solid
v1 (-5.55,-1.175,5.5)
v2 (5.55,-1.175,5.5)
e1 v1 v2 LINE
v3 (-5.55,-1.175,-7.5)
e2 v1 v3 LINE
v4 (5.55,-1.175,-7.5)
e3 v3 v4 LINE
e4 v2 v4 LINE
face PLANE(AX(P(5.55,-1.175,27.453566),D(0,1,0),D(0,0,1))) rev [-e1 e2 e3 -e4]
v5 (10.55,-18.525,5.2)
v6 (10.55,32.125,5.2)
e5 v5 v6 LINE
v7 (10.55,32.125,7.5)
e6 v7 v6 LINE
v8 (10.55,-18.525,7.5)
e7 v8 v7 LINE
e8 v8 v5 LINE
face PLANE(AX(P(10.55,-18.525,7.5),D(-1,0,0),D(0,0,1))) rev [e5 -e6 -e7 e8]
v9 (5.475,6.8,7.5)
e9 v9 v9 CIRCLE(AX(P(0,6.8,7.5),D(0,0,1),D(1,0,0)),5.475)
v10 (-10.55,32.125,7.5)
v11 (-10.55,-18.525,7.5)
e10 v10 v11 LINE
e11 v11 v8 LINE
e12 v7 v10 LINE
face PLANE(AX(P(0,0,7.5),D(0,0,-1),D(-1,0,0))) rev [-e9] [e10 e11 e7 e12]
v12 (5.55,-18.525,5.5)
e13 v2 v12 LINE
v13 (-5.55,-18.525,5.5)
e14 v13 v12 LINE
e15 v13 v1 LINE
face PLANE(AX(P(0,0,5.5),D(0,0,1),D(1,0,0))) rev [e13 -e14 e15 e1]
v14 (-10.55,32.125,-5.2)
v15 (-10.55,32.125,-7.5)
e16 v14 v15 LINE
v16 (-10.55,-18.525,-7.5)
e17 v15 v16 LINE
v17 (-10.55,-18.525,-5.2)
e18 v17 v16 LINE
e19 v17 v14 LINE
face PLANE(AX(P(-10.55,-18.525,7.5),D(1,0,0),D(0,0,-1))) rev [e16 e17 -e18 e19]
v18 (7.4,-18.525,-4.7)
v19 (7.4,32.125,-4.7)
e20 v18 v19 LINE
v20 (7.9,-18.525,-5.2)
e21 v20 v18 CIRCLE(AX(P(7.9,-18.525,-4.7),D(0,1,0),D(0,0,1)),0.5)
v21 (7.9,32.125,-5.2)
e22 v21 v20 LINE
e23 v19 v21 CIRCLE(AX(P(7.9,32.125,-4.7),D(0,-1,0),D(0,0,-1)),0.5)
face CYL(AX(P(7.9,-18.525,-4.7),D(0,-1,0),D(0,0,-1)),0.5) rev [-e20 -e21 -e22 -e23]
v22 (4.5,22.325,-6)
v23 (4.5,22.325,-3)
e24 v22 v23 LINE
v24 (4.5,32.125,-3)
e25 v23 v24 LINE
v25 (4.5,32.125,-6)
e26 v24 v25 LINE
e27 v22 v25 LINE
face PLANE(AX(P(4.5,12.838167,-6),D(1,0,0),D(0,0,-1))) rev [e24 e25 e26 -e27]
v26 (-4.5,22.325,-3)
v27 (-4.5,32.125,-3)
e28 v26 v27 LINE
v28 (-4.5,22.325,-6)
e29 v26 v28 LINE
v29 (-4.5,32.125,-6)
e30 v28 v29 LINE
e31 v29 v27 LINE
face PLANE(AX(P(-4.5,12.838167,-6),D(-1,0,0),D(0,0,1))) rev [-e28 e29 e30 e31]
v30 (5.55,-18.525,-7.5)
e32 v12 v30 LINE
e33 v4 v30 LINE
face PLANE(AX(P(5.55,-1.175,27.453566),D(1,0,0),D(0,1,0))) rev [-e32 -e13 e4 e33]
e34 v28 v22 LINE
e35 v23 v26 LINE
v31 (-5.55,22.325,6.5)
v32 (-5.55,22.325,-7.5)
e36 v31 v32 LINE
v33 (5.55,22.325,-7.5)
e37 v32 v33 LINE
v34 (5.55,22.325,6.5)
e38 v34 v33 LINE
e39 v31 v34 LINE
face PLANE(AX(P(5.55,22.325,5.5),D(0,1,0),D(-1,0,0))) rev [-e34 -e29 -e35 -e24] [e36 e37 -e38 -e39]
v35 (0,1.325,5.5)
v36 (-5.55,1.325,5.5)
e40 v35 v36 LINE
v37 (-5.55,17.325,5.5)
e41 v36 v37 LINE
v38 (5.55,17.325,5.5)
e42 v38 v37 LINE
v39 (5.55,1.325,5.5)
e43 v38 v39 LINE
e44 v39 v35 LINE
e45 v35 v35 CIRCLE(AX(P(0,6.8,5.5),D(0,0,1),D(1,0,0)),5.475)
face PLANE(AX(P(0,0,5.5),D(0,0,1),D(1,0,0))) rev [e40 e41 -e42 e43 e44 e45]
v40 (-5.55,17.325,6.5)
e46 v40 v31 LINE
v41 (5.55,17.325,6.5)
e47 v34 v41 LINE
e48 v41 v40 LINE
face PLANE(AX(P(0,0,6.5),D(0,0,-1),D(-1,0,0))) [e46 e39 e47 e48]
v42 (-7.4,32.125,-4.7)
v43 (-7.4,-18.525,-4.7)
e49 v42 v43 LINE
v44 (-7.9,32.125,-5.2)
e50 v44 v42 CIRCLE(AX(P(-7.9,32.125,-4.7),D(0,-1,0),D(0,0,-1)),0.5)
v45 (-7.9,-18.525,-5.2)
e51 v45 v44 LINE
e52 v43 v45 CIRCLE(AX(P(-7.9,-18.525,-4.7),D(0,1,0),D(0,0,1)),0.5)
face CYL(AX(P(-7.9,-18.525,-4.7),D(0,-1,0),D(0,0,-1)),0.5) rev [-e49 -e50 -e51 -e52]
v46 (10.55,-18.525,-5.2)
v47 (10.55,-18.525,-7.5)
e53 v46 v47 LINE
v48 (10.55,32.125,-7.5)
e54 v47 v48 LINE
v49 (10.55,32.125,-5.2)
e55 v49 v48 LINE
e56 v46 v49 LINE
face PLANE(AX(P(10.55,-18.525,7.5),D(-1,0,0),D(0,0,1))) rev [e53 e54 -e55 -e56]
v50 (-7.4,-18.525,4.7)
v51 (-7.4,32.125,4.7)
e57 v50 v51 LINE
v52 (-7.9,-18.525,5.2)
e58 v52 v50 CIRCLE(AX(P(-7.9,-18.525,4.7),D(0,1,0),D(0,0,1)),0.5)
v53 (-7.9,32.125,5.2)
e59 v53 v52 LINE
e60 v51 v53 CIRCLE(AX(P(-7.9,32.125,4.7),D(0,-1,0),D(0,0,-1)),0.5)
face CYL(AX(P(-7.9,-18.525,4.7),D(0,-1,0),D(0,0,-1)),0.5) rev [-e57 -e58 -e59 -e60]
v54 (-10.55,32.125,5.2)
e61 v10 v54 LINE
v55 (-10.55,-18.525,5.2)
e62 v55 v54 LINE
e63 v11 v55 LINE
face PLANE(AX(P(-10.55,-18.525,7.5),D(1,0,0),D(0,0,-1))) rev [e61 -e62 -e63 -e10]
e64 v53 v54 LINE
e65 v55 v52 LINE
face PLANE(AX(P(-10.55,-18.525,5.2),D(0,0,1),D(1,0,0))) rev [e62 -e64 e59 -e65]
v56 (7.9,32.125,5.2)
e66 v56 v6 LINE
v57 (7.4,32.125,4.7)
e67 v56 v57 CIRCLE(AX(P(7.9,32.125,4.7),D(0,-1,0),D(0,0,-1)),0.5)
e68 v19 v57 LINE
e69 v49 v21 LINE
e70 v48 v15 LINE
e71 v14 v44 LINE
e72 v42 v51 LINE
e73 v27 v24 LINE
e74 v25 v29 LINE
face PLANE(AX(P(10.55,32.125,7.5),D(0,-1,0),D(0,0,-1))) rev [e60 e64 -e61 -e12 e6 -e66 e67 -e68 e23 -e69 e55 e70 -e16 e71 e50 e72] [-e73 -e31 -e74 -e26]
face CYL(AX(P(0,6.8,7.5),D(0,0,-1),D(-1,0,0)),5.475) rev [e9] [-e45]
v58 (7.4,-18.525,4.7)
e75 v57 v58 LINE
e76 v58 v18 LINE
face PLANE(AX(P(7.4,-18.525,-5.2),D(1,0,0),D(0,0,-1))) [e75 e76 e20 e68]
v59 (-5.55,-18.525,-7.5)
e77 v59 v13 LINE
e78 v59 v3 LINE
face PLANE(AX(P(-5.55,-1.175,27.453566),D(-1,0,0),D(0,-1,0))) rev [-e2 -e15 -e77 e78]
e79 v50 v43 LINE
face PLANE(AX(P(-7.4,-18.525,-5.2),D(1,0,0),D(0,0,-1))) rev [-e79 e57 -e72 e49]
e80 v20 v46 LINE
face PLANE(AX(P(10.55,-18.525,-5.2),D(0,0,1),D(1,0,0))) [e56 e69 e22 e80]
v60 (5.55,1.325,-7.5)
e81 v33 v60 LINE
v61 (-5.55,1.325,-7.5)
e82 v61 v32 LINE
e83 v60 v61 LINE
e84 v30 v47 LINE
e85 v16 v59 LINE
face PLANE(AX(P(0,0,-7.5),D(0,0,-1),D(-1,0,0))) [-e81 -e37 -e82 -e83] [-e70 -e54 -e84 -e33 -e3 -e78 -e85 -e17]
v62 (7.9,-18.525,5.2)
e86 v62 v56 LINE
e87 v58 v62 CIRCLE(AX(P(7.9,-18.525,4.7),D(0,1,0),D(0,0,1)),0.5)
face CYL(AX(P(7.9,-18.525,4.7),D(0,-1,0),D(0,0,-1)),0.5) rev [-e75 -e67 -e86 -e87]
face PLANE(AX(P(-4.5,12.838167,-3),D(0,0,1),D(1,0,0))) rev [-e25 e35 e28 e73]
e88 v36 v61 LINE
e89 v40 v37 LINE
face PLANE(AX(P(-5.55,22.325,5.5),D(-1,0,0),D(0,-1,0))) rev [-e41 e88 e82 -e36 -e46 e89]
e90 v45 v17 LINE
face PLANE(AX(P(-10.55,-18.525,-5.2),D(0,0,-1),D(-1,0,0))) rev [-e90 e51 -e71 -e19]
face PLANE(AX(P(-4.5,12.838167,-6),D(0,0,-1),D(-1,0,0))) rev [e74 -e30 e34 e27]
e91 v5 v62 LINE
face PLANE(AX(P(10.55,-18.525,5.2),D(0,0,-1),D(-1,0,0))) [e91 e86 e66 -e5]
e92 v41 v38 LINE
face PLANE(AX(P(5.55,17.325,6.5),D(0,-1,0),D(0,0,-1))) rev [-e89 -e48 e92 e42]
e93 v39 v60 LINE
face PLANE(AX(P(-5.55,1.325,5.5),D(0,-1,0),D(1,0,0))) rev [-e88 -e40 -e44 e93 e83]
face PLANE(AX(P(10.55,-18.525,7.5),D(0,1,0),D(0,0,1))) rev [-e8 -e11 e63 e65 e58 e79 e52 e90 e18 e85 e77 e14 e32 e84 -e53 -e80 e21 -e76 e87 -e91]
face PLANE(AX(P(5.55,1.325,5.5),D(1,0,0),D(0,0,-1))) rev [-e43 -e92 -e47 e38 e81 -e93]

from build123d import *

# Parameters (mm, degrees)
SKETCH2_W           = 21.1
SKETCH2_H           = 50.65
SKETCH2_R           = 5.475
BOSS_EXTRUDE1_DEPTH = 7.5
SKETCH3_W           = 3.15
SKETCH3_H           = 10.4
CUT_EXTRUDE1_DEPTH  = 53.277863384
FILLET1_R           = 0.5
SKETCH4_W           = 11.1
SKETCH4_H           = 21
CUT_EXTRUDE3_DEPTH  = 13
SKETCH6_W           = 11.1
SKETCH6_H           = 18.940672382
CUT_EXTRUDE4_DEPTH  = 13
SKETCH7_W           = 11.1
SKETCH7_H           = 5
CUT_EXTRUDE5_DEPTH  = 1
SKETCH8_W           = 9
SKETCH8_H           = 3
CUT_EXTRUDE6_DEPTH  = 9.8


with BuildPart() as part:
    # Sketch2 → Boss-Extrude1 (new, symmetric)
    with BuildSketch(Plane.XY):
        with Locations((0, 6.8)):
            Rectangle(SKETCH2_W, SKETCH2_H)
        with Locations((0, 6.8)):
            Circle(SKETCH2_R, mode=Mode.SUBTRACT)
    extrude(amount=BOSS_EXTRUDE1_DEPTH, both=True)

    # Sketch3 → Cut-Extrude1 (cut, symmetric)
    with BuildSketch(Plane(origin=(0, 32.125, 0), x_dir=(1, 0, 0), z_dir=(0, 1, 0))):
        with Locations((-8.975, 0)):
            Rectangle(SKETCH3_W, SKETCH3_H)
    cut_extrude1 = extrude(amount=CUT_EXTRUDE1_DEPTH, both=True, mode=Mode.SUBTRACT)

    # Mirror1: Cut-Extrude1 across plane
    add(cut_extrude1.mirror(Plane(origin=(0, 0, 0), x_dir=(0, 0, 1), z_dir=(1, 0, 0))), mode=Mode.SUBTRACT)

    # Fillet1
    fillet1_edges = [part.edges().sort_by_distance(p)[0] for p in [
        (-7.4, 6.8, -5.2),
        (-7.4, 6.8, 5.2),
        (7.4, 6.8, 5.2),
        (7.4, 6.8, -5.2),
    ]]
    fillet(fillet1_edges, radius=FILLET1_R)

    # Sketch4 → Cut-Extrude3 (cut)
    with BuildSketch(Plane(origin=(0, 0, -7.5), x_dir=(-1, 0, 0), z_dir=(0, 0, -1))):
        with Locations((0, 11.825)):
            Rectangle(SKETCH4_W, SKETCH4_H)
    extrude(amount=-CUT_EXTRUDE3_DEPTH, mode=Mode.SUBTRACT)

    # Sketch6 → Cut-Extrude4 (cut)
    with BuildSketch(Plane(origin=(0, 0, -7.5), x_dir=(-1, 0, 0), z_dir=(0, 0, -1))):
        with Locations((0, -10.645336191)):
            Rectangle(SKETCH6_W, SKETCH6_H)
    extrude(amount=-CUT_EXTRUDE4_DEPTH, mode=Mode.SUBTRACT)

    # Sketch7 → Cut-Extrude5 (cut)
    with BuildSketch(Plane(origin=(0, 0, 5.5), x_dir=(-1, 0, 0), z_dir=(0, 0, -1))):
        with Locations((0, 19.825)):
            Rectangle(SKETCH7_W, SKETCH7_H)
    extrude(amount=-CUT_EXTRUDE5_DEPTH, mode=Mode.SUBTRACT)

    # Sketch8 → Cut-Extrude6 (cut)
    with BuildSketch(Plane(origin=(0, 32.125, 0), x_dir=(1, 0, 0), z_dir=(0, 1, 0))):
        with Locations((0, 4.5)):
            Rectangle(SKETCH8_W, SKETCH8_H)
    extrude(amount=-CUT_EXTRUDE6_DEPTH, mode=Mode.SUBTRACT)


solid = part.part
